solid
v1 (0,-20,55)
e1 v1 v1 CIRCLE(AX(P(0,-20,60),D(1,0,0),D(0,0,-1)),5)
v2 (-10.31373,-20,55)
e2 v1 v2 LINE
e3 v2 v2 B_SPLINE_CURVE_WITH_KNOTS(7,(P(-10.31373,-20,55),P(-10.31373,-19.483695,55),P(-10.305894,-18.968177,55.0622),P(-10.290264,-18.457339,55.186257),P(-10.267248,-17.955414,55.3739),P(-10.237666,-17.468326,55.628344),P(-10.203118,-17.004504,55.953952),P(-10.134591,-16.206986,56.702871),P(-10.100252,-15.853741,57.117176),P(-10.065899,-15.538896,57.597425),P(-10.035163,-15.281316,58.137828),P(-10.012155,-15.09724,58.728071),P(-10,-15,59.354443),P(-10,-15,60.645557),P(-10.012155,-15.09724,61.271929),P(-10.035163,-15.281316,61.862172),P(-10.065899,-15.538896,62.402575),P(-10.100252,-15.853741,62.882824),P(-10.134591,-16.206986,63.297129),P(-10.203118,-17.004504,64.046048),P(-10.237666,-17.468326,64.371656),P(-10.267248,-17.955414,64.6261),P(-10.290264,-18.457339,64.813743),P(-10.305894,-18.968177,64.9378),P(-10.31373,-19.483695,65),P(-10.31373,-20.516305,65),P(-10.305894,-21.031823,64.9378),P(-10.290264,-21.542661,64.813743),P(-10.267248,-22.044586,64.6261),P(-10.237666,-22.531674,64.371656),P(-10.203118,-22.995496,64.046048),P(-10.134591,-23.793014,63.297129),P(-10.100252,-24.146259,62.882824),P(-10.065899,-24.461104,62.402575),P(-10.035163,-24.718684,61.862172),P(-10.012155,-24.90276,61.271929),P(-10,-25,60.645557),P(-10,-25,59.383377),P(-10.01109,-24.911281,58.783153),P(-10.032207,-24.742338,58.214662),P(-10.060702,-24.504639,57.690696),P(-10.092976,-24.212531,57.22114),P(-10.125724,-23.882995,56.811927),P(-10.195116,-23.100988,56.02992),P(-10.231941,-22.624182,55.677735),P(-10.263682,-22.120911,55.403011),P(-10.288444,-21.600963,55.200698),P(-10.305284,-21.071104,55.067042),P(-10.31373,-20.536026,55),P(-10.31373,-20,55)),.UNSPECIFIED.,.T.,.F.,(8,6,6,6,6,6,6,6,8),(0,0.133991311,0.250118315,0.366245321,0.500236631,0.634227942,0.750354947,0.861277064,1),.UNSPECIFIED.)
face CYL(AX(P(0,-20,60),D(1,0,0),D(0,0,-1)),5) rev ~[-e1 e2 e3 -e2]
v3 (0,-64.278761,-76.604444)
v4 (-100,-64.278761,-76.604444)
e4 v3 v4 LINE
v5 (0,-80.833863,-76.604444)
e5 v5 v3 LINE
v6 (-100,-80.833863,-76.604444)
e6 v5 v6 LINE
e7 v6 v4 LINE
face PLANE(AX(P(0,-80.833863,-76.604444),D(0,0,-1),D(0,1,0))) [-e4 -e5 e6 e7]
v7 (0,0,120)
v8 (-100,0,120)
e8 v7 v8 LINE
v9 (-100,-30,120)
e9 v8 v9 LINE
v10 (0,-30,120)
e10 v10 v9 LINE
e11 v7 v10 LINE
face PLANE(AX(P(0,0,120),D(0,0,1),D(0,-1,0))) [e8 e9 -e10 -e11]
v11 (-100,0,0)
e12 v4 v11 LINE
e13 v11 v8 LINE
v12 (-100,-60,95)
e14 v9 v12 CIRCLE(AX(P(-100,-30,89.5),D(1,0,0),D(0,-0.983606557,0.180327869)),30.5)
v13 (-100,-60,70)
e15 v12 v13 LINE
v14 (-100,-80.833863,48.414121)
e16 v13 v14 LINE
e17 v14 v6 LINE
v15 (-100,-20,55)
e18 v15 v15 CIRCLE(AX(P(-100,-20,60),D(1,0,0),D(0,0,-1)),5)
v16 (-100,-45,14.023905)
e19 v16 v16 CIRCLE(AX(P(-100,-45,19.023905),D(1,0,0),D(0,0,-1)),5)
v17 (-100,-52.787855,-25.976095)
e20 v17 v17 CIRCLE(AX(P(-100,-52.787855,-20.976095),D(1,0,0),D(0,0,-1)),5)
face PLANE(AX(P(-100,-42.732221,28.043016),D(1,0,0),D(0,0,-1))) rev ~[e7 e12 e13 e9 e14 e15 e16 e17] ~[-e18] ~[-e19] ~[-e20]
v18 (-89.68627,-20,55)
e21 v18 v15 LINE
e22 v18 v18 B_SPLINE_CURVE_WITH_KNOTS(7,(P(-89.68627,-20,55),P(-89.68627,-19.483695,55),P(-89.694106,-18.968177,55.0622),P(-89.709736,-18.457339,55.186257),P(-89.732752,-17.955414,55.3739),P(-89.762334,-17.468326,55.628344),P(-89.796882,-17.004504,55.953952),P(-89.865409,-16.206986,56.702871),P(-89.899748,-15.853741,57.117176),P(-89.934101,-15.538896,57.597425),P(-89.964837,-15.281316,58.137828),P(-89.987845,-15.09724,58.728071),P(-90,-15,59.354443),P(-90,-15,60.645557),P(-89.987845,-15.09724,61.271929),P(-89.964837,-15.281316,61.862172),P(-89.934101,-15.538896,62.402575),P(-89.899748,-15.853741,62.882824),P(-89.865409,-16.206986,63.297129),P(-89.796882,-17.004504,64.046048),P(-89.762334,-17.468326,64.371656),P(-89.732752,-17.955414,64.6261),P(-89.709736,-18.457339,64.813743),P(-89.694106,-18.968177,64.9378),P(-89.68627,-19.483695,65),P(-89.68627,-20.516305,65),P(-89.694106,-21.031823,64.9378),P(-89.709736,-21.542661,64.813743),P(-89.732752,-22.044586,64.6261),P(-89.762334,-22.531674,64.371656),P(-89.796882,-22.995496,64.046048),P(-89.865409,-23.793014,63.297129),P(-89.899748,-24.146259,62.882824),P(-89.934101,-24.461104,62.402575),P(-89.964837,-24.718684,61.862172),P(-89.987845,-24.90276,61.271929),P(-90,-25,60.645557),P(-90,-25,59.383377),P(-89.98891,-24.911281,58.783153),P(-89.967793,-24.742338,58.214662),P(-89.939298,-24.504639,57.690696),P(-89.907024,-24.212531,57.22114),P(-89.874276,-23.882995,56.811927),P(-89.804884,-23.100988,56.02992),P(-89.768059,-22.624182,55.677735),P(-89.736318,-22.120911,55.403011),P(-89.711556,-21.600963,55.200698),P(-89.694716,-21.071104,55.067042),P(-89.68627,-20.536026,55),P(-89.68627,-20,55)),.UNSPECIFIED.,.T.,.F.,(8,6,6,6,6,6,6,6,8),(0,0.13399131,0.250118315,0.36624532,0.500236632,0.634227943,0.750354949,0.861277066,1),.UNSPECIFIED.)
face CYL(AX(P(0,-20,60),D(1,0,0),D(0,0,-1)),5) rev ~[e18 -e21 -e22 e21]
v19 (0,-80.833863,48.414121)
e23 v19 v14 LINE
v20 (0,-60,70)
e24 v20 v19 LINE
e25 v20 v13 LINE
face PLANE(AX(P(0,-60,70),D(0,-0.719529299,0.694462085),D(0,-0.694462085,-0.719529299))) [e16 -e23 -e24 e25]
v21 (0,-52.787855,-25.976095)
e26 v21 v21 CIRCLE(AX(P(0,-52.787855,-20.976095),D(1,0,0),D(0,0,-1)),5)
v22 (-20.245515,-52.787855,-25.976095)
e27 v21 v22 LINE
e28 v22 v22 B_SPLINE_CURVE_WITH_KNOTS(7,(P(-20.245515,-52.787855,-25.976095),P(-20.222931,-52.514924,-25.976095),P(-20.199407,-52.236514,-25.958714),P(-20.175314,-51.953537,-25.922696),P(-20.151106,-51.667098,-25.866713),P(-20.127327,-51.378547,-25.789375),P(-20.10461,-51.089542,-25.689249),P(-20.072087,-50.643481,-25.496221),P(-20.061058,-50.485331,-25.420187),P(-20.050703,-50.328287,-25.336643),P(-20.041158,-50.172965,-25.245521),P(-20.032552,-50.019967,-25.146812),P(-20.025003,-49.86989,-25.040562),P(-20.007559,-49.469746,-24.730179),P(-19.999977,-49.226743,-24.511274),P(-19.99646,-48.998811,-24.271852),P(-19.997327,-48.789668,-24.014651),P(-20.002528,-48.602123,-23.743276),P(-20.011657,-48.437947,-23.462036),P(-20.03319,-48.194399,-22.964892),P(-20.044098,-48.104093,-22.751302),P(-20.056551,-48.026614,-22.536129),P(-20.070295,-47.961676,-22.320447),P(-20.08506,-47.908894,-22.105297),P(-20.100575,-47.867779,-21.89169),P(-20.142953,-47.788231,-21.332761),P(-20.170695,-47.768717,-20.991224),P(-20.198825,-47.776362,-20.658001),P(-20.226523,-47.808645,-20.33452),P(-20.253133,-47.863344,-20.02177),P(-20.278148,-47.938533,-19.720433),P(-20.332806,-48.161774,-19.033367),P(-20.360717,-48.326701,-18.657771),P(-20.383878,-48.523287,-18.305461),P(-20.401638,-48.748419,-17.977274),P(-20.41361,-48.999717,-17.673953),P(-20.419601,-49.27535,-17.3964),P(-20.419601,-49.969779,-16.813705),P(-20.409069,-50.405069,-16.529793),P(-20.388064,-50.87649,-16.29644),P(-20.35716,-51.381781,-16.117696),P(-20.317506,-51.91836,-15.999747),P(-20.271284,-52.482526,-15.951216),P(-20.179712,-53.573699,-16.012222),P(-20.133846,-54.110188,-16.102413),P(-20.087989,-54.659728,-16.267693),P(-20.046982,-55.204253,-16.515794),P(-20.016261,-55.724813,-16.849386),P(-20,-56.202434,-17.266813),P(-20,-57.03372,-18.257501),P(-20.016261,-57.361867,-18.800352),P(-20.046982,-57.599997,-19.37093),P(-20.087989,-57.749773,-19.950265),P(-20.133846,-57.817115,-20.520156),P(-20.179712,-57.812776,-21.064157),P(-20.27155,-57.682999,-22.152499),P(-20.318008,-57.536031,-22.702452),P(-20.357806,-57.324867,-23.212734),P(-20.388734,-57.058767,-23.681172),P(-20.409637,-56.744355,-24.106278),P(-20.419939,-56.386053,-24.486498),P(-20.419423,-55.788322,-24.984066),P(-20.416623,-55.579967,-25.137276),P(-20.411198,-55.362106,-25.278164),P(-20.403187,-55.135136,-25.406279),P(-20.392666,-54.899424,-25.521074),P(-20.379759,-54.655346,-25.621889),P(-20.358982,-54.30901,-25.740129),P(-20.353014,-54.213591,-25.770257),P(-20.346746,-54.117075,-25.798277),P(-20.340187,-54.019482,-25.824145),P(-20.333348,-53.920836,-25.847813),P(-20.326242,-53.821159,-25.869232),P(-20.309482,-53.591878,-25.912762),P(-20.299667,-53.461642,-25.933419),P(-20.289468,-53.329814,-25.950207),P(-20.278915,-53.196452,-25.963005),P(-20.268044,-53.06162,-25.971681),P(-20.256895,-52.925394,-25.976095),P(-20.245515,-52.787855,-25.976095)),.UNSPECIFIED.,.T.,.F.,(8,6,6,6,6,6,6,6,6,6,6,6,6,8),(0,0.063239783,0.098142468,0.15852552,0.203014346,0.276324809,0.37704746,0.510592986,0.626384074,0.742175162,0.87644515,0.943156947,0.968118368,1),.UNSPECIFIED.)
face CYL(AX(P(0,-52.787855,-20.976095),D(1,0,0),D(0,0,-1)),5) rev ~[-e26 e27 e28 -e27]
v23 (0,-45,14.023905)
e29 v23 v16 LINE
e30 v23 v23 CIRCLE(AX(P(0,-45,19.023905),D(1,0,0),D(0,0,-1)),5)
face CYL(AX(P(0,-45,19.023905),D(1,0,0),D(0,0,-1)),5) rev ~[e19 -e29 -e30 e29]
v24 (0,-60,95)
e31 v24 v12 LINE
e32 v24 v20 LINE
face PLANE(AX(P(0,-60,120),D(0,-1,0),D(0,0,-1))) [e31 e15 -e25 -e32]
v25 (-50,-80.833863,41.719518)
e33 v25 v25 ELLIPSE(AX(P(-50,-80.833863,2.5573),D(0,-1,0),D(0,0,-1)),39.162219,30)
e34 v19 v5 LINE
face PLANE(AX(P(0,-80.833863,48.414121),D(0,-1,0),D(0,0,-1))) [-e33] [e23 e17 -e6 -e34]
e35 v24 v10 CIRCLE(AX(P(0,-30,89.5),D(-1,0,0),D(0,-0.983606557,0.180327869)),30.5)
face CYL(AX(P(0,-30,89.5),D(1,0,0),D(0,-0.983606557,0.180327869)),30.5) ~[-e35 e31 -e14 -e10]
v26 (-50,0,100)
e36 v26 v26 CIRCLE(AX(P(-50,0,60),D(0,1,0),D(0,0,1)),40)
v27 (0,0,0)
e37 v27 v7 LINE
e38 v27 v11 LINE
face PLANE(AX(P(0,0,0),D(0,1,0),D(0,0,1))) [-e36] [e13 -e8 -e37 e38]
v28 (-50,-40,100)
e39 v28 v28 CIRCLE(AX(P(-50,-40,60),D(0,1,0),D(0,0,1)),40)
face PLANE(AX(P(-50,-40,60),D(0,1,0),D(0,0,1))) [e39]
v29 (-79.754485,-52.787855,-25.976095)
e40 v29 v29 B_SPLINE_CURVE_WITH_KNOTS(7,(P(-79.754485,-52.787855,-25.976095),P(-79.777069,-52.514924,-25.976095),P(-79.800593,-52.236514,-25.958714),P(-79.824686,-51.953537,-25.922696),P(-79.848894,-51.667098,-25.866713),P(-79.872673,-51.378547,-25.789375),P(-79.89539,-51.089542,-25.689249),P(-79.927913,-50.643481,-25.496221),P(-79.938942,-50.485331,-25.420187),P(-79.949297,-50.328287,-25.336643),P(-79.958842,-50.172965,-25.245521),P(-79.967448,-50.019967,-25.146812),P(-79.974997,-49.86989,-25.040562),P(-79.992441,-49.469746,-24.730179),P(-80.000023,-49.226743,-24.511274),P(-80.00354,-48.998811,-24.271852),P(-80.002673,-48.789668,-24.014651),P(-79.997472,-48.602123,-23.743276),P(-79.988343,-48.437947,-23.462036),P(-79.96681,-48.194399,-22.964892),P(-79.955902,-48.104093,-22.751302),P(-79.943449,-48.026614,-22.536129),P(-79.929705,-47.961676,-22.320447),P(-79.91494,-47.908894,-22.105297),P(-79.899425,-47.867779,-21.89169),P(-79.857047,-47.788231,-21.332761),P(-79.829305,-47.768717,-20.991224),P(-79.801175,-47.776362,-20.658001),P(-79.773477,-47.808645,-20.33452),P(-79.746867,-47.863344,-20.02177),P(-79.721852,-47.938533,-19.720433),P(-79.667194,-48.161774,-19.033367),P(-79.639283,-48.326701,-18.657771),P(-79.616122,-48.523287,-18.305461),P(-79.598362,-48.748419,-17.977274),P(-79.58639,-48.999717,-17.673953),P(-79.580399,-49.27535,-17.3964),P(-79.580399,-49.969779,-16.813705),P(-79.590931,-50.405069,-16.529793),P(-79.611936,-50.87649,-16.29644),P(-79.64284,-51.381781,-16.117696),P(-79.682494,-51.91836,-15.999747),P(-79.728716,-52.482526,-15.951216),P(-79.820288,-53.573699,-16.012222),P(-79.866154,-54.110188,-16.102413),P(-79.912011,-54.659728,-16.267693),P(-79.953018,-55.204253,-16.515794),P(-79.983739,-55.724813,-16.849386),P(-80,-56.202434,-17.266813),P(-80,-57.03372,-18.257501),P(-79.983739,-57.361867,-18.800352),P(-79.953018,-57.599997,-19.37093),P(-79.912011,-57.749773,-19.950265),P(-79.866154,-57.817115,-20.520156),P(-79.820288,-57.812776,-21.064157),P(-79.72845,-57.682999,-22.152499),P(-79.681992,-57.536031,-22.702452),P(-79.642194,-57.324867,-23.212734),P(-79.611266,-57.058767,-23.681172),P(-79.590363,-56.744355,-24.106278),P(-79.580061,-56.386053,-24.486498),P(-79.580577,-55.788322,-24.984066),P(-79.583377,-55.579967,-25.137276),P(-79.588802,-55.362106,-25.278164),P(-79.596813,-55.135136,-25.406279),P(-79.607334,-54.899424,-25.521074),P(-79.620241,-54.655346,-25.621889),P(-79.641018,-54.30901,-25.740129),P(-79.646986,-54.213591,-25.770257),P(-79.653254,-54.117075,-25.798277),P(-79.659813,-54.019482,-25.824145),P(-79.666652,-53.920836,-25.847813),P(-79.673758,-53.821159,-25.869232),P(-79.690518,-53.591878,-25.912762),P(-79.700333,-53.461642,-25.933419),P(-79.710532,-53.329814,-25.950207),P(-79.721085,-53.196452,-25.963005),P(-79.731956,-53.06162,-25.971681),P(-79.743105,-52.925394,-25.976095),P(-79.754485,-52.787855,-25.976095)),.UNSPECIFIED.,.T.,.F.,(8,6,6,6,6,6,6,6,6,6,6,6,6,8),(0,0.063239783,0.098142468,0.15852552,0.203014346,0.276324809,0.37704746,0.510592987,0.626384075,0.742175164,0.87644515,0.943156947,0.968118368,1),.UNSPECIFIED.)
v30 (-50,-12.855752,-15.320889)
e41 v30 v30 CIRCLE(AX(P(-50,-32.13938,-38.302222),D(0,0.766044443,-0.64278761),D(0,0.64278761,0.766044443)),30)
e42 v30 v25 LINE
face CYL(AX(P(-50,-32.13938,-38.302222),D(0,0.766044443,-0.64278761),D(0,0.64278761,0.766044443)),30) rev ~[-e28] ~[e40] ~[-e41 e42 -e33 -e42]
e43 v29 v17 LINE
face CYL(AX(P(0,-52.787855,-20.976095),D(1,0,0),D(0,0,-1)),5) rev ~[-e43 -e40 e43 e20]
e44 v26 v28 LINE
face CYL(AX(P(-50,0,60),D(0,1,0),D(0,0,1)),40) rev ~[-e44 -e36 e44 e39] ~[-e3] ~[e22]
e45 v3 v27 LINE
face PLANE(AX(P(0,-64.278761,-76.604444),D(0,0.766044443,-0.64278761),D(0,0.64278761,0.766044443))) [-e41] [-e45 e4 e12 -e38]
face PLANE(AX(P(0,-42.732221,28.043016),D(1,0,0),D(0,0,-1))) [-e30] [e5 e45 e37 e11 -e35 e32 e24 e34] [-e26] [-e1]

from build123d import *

# Parameters (mm, degrees)
BOSS_EXTRUDE1_DEPTH = 100
SKETCH3_R           = 40
CUT_EXTRUDE1_DEPTH  = 40
SKETCH4_R           = 30
CUT_EXTRUDE2_DEPTH  = 176.880963539
SKETCH5_R           = 5
CUT_EXTRUDE3_DEPTH  = 176.880963539
SKETCH6_R           = 5
CUT_EXTRUDE4_DEPTH  = 176.880963641
SKETCH7_R           = 5
CUT_EXTRUDE5_DEPTH  = 176.880963641
CUT_EXTRUDE7_DEPTH  = 176.880963641


with BuildPart() as part:
    # Sketch2 → Boss-Extrude1 (new body)
    with BuildSketch(Plane(origin=(0, 0, 0), x_dir=(0, 0, -1), z_dir=(1, 0, 0))):
        Polygon((0, 0), (-120, 0), (-120, -60), (-70, -60), (-48.414121025, -80.833862553), (29.789031359, -80.833862553), (76.604444312, -80.833862553), (76.604444312, -64.278760969), align=None)
    extrude(amount=-BOSS_EXTRUDE1_DEPTH)

    # Sketch3 → Cut-Extrude1 (cut)
    with BuildSketch(Plane(origin=(0, 0, 0), x_dir=(1, 0, 0), z_dir=(0, 1, 0))):
        with Locations(Location((-50, -60, 0), (0, 0, 270))):
            Circle(SKETCH3_R)
    extrude(amount=-CUT_EXTRUDE1_DEPTH, mode=Mode.SUBTRACT)

    # Sketch4 → Cut-Extrude2 (cut, through all)
    with BuildSketch(Plane(origin=(0, 0, 0), x_dir=(1, 0, 0), z_dir=(0, 0.7660444431189771, -0.6427876096865404))):
        with Locations(Location((-50, 50, 0), (0, 0, 270))):
            Circle(SKETCH4_R)
    extrude(amount=-CUT_EXTRUDE2_DEPTH, mode=Mode.SUBTRACT)

    # Sketch5 → Cut-Extrude3 (cut, through all)
    with BuildSketch(Plane(origin=(0, 0, 0), x_dir=(0, 0, -1), z_dir=(1, 0, 0))):
        with Locations((20.976095068, -52.787854687)):
            Circle(SKETCH5_R)
    extrude(amount=-CUT_EXTRUDE3_DEPTH, mode=Mode.SUBTRACT)

    # Sketch6 → Cut-Extrude4 (cut, through all)
    with BuildSketch(Plane(origin=(0, 0, 0), x_dir=(0, 0, -1), z_dir=(1, 0, 0))):
        with Locations((-19.023904932, -45)):
            Circle(SKETCH6_R)
    extrude(amount=-CUT_EXTRUDE4_DEPTH, mode=Mode.SUBTRACT)

    # Sketch7 → Cut-Extrude5 (cut, through all)
    with BuildSketch(Plane(origin=(0, 0, 0), x_dir=(0, 0, -1), z_dir=(1, 0, 0))):
        with Locations((-60, -20)):
            Circle(SKETCH7_R)
    extrude(amount=-CUT_EXTRUDE5_DEPTH, mode=Mode.SUBTRACT)

    # Sketch8 → Cut-Extrude7 (cut, through all)
    with BuildSketch(Plane(origin=(0, 0, 0), x_dir=(0, 0, -1), z_dir=(1, 0, 0))):
        with BuildLine():
            Line((-120, -30), (-120, -60))
            Line((-120, -60), (-95, -60))
            ThreePointArc((-95, -60), (-112.930749028, -49.52562419), (-120, -30))
        make_face()
    extrude(amount=-CUT_EXTRUDE7_DEPTH, mode=Mode.SUBTRACT)


solid = part.part
